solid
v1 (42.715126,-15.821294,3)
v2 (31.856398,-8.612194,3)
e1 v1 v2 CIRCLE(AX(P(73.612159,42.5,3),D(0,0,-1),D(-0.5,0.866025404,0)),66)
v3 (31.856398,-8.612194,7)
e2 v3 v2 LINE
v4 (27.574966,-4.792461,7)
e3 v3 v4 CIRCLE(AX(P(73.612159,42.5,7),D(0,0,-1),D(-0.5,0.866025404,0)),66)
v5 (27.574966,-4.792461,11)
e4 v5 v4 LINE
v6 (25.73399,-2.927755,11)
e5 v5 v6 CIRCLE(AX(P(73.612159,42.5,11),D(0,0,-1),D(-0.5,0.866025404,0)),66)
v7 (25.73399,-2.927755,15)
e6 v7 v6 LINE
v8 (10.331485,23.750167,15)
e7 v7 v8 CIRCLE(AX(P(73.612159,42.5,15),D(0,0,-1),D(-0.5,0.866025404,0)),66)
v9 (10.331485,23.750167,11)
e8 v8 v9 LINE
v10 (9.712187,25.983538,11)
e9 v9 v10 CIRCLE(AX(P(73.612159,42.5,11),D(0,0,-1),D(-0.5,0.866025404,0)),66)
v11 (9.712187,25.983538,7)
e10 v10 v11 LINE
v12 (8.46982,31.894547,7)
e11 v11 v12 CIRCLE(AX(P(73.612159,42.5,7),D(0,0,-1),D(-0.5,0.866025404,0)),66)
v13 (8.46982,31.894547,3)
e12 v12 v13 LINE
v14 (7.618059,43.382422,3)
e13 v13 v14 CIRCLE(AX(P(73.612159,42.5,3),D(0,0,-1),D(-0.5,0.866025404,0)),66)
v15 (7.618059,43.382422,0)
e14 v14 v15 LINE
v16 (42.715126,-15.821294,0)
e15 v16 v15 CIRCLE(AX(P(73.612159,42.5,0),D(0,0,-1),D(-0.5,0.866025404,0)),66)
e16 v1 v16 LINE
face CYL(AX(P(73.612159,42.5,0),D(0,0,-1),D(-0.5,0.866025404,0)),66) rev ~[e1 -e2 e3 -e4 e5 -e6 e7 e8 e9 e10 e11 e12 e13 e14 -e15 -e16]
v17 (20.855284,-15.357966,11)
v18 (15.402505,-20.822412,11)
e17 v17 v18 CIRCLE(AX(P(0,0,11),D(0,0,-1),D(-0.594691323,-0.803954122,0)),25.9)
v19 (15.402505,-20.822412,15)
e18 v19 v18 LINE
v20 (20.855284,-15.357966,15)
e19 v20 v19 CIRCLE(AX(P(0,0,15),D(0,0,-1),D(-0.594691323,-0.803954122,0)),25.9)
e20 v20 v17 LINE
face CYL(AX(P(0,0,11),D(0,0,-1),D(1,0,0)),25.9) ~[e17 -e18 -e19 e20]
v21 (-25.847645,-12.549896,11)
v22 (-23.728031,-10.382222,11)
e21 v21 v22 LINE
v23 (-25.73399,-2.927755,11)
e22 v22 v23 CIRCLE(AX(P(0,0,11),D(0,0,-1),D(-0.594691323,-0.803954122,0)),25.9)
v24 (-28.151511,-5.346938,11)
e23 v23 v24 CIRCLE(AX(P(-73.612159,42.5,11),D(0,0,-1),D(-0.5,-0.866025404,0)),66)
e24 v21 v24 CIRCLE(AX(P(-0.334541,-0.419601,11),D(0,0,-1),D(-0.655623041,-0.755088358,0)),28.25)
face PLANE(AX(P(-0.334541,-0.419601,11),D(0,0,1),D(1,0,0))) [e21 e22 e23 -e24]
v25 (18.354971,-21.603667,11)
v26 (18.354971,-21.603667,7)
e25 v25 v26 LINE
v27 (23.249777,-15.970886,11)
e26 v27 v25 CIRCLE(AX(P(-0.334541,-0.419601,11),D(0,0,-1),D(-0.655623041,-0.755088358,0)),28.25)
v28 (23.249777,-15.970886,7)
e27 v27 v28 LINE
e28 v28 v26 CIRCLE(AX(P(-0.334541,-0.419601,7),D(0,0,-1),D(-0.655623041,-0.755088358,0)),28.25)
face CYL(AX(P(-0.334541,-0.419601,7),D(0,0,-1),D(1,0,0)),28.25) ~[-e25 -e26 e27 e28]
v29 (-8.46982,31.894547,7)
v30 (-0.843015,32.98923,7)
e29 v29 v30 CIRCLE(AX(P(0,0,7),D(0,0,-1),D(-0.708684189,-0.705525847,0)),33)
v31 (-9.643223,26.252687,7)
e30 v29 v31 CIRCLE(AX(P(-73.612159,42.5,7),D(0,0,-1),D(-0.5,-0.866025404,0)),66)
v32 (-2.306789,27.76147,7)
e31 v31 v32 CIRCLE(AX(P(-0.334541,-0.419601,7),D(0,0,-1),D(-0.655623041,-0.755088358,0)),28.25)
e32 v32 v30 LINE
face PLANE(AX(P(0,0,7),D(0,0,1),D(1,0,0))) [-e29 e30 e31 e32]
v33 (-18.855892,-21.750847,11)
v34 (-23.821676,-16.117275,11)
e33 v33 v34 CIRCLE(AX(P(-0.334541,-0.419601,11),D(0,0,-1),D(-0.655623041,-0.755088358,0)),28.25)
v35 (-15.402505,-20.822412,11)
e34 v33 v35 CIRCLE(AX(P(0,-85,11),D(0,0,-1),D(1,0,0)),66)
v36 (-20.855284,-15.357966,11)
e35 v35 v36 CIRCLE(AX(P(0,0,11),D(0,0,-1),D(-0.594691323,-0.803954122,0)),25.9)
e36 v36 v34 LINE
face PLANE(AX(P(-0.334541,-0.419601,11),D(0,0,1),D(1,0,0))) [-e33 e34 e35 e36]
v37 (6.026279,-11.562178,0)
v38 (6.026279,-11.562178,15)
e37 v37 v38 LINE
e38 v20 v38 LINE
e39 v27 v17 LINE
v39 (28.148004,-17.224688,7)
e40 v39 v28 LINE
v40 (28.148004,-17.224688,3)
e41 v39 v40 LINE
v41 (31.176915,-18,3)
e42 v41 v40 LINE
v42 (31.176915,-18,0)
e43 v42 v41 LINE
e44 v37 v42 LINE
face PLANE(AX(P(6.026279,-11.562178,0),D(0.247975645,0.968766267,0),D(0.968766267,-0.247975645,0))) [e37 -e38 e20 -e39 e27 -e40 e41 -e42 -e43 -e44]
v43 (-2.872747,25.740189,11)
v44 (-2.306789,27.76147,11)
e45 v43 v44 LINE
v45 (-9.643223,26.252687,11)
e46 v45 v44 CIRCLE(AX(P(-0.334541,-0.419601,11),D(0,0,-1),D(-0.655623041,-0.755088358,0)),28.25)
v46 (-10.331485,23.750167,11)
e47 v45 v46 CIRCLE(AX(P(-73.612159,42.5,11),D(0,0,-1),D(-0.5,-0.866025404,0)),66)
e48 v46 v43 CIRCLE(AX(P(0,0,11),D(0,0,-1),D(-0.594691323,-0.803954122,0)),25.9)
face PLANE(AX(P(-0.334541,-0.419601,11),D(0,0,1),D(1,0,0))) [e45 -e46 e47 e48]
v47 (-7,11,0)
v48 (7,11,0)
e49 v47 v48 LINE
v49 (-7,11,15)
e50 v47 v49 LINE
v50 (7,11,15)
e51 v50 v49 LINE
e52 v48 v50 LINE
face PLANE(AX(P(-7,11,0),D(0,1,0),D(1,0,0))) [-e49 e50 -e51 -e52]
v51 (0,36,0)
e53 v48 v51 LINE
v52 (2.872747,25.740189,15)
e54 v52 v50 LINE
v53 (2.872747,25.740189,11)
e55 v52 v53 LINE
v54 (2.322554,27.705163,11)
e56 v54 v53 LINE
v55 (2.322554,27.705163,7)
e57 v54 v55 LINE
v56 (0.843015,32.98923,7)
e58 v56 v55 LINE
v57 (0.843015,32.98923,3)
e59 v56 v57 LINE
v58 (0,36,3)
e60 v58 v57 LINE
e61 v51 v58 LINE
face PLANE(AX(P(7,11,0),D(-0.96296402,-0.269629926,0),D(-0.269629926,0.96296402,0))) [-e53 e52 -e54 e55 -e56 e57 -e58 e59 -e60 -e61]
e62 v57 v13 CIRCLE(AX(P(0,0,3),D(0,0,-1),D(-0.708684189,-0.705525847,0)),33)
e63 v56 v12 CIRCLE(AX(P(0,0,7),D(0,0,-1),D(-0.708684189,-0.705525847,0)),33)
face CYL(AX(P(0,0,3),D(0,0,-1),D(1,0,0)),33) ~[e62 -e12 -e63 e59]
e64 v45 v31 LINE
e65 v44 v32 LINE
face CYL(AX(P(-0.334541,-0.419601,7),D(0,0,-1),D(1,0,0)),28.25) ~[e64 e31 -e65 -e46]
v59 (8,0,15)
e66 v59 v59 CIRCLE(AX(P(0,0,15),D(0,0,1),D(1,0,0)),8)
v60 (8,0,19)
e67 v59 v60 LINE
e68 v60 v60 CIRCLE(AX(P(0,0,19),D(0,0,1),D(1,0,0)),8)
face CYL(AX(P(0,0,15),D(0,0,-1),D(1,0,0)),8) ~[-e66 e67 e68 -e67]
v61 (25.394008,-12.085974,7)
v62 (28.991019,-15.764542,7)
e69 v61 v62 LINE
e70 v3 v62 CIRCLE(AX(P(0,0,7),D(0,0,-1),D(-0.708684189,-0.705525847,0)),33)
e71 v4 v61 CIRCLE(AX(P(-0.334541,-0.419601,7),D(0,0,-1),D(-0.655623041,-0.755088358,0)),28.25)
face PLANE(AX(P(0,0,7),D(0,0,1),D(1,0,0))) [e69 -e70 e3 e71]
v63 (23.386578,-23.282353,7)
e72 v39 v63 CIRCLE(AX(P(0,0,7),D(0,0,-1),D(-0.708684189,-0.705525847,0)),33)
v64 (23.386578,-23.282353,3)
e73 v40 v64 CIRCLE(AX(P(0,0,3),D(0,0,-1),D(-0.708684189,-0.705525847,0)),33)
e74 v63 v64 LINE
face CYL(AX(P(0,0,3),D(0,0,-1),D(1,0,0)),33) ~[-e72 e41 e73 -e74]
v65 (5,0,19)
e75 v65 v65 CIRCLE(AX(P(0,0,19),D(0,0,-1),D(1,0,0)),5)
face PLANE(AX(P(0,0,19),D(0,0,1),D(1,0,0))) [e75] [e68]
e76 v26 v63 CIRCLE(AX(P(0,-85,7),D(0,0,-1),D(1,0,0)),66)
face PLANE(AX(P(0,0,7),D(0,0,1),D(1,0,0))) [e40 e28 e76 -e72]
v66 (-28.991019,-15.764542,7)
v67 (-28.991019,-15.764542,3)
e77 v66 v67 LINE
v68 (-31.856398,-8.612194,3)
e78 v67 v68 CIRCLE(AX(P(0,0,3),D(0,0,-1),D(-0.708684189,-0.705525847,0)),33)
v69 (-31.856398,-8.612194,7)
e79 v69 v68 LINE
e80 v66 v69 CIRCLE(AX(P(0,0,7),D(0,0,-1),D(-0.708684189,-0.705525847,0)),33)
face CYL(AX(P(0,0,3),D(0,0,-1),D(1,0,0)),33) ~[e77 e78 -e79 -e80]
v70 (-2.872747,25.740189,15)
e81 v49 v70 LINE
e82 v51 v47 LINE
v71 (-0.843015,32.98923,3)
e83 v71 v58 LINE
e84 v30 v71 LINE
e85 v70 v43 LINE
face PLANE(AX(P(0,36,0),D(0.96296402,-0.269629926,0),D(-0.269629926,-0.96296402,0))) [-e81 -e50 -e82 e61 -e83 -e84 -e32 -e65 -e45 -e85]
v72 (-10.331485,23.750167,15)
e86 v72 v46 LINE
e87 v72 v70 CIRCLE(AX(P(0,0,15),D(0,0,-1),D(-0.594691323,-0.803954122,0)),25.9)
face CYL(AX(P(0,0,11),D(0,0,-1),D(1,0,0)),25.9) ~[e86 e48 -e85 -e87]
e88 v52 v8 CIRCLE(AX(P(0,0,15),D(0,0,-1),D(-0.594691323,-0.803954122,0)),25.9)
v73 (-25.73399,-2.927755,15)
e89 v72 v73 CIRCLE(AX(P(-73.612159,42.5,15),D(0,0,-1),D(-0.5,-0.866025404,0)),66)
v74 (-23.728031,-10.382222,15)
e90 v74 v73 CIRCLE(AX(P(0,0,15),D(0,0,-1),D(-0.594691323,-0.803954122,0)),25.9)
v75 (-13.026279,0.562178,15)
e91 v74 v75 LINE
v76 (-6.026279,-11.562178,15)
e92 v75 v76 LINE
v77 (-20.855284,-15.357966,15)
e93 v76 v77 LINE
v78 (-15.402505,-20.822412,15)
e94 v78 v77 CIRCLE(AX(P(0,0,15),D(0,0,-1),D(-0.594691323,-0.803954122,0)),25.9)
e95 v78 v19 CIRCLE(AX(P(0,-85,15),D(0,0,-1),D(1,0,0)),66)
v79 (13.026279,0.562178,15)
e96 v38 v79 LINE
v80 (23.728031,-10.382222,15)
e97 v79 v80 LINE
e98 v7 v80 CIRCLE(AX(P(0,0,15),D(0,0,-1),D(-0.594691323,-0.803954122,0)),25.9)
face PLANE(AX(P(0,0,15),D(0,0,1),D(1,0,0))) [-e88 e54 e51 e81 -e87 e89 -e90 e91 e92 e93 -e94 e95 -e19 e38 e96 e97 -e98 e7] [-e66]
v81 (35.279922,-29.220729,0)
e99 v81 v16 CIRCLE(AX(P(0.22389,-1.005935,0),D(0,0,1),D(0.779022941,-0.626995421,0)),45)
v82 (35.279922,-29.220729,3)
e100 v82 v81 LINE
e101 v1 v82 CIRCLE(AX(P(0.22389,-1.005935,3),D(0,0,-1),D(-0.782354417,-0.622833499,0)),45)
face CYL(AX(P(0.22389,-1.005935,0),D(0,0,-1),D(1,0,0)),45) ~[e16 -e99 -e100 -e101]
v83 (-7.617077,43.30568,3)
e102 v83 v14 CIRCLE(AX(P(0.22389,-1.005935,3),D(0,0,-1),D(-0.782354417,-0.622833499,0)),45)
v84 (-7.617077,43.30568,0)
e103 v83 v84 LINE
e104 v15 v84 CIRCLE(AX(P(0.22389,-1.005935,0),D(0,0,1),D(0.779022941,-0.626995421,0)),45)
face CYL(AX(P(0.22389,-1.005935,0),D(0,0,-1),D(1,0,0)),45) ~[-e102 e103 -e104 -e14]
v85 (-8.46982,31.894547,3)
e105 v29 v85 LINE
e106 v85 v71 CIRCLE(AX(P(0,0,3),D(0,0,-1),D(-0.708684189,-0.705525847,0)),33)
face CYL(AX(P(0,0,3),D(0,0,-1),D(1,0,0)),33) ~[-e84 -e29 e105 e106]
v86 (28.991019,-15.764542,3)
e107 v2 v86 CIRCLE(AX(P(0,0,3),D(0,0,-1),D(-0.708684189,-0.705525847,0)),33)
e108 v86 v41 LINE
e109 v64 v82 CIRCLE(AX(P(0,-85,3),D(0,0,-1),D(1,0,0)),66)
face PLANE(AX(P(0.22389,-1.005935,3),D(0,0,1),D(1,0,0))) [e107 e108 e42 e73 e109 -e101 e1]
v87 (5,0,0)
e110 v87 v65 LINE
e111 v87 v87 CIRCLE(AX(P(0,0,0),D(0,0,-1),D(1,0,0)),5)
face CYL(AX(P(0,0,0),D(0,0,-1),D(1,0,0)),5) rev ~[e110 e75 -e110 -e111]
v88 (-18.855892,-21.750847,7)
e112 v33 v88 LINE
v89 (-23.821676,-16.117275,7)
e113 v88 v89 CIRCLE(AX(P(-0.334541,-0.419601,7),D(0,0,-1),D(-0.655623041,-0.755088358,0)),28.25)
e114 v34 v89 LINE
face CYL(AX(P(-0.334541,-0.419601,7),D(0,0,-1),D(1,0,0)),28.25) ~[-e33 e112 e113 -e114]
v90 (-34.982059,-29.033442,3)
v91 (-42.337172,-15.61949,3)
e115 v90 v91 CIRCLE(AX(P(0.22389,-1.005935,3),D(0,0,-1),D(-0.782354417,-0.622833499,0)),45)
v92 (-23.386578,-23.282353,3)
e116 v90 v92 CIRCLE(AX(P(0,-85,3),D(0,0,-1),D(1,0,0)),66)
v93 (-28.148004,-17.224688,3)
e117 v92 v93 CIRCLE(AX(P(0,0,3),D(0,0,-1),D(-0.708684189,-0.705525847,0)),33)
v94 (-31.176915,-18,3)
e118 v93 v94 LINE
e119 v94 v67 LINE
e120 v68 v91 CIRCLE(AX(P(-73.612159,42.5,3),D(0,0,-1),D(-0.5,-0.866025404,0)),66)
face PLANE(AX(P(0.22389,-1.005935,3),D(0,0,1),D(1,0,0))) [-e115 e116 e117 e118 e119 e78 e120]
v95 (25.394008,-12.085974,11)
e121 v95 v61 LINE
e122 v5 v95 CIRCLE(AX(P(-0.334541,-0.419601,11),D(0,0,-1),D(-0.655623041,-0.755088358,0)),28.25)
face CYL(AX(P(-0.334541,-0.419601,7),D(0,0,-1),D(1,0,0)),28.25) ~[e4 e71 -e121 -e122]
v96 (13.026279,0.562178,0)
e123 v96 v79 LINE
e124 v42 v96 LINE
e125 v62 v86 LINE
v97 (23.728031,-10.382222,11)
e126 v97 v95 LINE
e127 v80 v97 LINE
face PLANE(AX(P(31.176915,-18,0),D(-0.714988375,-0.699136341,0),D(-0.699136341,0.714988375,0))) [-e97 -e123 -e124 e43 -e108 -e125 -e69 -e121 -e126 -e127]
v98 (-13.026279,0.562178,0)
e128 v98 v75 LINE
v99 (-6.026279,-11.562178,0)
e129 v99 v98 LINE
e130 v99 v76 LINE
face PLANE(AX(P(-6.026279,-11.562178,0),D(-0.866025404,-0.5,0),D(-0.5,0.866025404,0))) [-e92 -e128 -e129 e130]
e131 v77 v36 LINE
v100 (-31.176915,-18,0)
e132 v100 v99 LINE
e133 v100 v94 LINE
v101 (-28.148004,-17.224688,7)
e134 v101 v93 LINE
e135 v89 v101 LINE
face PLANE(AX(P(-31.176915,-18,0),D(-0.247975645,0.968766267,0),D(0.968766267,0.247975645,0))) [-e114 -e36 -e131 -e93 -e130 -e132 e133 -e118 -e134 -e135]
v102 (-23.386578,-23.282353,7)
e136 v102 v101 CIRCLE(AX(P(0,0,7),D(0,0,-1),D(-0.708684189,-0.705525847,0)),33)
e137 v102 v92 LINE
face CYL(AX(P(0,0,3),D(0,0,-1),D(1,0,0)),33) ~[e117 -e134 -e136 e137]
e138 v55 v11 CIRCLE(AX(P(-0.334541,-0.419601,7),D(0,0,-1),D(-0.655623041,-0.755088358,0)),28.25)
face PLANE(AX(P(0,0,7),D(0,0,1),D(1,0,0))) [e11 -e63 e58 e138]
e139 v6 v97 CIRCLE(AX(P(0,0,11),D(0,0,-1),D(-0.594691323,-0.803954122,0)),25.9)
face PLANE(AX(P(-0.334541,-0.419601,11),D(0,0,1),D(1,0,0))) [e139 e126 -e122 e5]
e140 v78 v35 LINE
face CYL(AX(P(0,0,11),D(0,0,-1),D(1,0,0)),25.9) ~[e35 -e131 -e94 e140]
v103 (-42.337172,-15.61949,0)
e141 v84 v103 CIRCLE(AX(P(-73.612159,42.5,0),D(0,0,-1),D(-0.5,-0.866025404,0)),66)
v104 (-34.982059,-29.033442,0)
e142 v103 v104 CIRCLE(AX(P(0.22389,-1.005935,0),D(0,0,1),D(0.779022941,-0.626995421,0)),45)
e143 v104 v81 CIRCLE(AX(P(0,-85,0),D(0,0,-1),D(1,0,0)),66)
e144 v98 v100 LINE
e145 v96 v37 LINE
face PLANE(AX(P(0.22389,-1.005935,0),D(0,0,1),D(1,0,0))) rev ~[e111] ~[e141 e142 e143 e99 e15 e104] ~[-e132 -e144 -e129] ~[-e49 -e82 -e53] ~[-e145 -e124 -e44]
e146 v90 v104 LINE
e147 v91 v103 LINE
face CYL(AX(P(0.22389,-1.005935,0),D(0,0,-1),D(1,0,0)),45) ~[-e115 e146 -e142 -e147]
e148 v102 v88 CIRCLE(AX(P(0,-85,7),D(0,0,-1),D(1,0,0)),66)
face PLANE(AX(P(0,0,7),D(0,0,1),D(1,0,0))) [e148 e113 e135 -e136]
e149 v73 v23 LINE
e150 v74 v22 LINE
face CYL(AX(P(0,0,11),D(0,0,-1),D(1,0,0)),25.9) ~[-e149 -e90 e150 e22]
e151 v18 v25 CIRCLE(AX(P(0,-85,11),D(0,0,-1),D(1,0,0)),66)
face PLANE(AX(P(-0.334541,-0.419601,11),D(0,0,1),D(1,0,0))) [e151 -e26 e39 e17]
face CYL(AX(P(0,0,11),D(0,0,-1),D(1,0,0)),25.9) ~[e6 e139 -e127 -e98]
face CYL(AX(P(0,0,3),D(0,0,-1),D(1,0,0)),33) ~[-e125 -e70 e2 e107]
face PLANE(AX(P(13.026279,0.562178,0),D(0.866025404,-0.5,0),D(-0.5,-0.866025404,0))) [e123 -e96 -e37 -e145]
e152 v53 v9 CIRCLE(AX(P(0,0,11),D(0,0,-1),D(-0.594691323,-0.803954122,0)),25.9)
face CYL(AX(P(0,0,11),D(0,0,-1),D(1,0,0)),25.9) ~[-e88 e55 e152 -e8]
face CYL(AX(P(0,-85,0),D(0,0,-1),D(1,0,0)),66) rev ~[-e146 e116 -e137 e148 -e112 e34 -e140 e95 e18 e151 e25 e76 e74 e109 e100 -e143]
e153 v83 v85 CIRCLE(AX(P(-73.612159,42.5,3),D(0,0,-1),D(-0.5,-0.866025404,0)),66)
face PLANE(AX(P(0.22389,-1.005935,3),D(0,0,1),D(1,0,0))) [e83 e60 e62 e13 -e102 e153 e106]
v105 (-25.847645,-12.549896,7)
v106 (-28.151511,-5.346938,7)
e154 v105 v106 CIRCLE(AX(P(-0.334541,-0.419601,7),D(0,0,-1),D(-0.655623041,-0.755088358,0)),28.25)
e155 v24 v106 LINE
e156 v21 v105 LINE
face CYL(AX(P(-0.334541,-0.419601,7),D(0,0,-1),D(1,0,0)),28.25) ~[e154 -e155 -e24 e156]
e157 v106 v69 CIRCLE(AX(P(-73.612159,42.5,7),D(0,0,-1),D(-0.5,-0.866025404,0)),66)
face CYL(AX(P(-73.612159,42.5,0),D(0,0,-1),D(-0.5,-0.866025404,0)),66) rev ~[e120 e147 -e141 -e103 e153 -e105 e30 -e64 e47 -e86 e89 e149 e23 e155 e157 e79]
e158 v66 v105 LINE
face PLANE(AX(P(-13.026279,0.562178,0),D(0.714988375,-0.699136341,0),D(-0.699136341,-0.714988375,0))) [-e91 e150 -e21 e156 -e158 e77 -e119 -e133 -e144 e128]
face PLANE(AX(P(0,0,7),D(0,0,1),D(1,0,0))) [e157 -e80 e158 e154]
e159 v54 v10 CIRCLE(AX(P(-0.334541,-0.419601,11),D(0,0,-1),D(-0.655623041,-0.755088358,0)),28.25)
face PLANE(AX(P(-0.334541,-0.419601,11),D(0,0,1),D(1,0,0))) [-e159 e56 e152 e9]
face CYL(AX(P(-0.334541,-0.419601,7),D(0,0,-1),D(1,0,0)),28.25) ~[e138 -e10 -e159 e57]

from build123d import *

# Parameters (mm, degrees)
SKETCH_R              = 45
PAD_DEPTH             = 3
SKETCH001_R           = 33
PAD001_DEPTH          = 4
SKETCH002_R           = 28.25
PAD002_DEPTH          = 4
SKETCH003_R           = 25.9
PAD003_DEPTH          = 4
SKETCH004_R           = 8
PAD004_DEPTH          = 4
SKETCH005_R           = 5
POCKET_DEPTH          = 19.001
SKETCH006_R           = 66
POCKET001_DEPTH       = 276.380098
POLARPATTERN_COUNT    = 3
POCKET002_DEPTH       = 246.643698
POLARPATTERN001_COUNT = 3


with BuildPart() as part:
    # Sketch → Pad (new body)
    with BuildSketch(Plane.XY):
        with Locations((0.22389, -1.005935)):
            Circle(SKETCH_R)
    extrude(amount=PAD_DEPTH)

    # Sketch001 (on Face3 of Pad) → Pad001 (join)
    with BuildSketch(Plane.XY.offset(3)):
        Circle(SKETCH001_R)
    extrude(amount=PAD001_DEPTH)

    # Sketch002 (on Face5 of Pad001) → Pad002 (join)
    with BuildSketch(Plane.XY.offset(7)):
        with Locations((-0.334541, -0.419601)):
            Circle(SKETCH002_R)
    extrude(amount=PAD002_DEPTH)

    # Sketch003 (on Face7 of Pad002) → Pad003 (join)
    with BuildSketch(Plane.XY.offset(11)):
        Circle(SKETCH003_R)
    extrude(amount=PAD003_DEPTH)

    # Sketch004 (on Face9 of Pad003) → Pad004 (join)
    with BuildSketch(Plane.XY.offset(15)):
        Circle(SKETCH004_R)
    extrude(amount=PAD004_DEPTH)

    # Sketch005 (on Face2 of Pad004) → Pocket (cut, through all)
    with BuildSketch(Plane(origin=(0, 0, 0), x_dir=(1, 0, 0), z_dir=(0, 0, -1))):
        Circle(SKETCH005_R)
    extrude(amount=-POCKET_DEPTH, mode=Mode.SUBTRACT)

    # Sketch006 (on Face2 of Pocket) → Pocket001 (cut, through all)
    with BuildSketch(Plane(origin=(0, 0, 0), x_dir=(1, 0, 0), z_dir=(0, 0, -1))):
        with Locations((0, 85)):
            Circle(SKETCH006_R)
    pocket001 = extrude(amount=-POCKET001_DEPTH, mode=Mode.SUBTRACT)

    # PolarPattern: Pocket001 ×3 about axis
    polarpattern_axis = Axis((0, 0, 0), (0, 0, -1))
    for i in range(1, POLARPATTERN_COUNT):
        add(pocket001.rotate(polarpattern_axis, i * 360 / POLARPATTERN_COUNT), mode=Mode.SUBTRACT)

    # Sketch007 (on Face2 of PolarPattern) → Pocket002 (cut, through all)
    with BuildSketch(Plane(origin=(0, 0, 0), x_dir=(1, 0, 0), z_dir=(0, 0, -1))):
        Polygon((-7, -11), (7, -11), (0, -36), align=None)
    pocket002 = extrude(amount=-POCKET002_DEPTH, mode=Mode.SUBTRACT)

    # PolarPattern001: Pocket002 ×3 about axis
    polarpattern001_axis = Axis((0, 0, 0), (0, 0, -1))
    for i in range(1, POLARPATTERN001_COUNT):
        add(pocket002.rotate(polarpattern001_axis, i * 360 / POLARPATTERN001_COUNT), mode=Mode.SUBTRACT)


solid = part.part
